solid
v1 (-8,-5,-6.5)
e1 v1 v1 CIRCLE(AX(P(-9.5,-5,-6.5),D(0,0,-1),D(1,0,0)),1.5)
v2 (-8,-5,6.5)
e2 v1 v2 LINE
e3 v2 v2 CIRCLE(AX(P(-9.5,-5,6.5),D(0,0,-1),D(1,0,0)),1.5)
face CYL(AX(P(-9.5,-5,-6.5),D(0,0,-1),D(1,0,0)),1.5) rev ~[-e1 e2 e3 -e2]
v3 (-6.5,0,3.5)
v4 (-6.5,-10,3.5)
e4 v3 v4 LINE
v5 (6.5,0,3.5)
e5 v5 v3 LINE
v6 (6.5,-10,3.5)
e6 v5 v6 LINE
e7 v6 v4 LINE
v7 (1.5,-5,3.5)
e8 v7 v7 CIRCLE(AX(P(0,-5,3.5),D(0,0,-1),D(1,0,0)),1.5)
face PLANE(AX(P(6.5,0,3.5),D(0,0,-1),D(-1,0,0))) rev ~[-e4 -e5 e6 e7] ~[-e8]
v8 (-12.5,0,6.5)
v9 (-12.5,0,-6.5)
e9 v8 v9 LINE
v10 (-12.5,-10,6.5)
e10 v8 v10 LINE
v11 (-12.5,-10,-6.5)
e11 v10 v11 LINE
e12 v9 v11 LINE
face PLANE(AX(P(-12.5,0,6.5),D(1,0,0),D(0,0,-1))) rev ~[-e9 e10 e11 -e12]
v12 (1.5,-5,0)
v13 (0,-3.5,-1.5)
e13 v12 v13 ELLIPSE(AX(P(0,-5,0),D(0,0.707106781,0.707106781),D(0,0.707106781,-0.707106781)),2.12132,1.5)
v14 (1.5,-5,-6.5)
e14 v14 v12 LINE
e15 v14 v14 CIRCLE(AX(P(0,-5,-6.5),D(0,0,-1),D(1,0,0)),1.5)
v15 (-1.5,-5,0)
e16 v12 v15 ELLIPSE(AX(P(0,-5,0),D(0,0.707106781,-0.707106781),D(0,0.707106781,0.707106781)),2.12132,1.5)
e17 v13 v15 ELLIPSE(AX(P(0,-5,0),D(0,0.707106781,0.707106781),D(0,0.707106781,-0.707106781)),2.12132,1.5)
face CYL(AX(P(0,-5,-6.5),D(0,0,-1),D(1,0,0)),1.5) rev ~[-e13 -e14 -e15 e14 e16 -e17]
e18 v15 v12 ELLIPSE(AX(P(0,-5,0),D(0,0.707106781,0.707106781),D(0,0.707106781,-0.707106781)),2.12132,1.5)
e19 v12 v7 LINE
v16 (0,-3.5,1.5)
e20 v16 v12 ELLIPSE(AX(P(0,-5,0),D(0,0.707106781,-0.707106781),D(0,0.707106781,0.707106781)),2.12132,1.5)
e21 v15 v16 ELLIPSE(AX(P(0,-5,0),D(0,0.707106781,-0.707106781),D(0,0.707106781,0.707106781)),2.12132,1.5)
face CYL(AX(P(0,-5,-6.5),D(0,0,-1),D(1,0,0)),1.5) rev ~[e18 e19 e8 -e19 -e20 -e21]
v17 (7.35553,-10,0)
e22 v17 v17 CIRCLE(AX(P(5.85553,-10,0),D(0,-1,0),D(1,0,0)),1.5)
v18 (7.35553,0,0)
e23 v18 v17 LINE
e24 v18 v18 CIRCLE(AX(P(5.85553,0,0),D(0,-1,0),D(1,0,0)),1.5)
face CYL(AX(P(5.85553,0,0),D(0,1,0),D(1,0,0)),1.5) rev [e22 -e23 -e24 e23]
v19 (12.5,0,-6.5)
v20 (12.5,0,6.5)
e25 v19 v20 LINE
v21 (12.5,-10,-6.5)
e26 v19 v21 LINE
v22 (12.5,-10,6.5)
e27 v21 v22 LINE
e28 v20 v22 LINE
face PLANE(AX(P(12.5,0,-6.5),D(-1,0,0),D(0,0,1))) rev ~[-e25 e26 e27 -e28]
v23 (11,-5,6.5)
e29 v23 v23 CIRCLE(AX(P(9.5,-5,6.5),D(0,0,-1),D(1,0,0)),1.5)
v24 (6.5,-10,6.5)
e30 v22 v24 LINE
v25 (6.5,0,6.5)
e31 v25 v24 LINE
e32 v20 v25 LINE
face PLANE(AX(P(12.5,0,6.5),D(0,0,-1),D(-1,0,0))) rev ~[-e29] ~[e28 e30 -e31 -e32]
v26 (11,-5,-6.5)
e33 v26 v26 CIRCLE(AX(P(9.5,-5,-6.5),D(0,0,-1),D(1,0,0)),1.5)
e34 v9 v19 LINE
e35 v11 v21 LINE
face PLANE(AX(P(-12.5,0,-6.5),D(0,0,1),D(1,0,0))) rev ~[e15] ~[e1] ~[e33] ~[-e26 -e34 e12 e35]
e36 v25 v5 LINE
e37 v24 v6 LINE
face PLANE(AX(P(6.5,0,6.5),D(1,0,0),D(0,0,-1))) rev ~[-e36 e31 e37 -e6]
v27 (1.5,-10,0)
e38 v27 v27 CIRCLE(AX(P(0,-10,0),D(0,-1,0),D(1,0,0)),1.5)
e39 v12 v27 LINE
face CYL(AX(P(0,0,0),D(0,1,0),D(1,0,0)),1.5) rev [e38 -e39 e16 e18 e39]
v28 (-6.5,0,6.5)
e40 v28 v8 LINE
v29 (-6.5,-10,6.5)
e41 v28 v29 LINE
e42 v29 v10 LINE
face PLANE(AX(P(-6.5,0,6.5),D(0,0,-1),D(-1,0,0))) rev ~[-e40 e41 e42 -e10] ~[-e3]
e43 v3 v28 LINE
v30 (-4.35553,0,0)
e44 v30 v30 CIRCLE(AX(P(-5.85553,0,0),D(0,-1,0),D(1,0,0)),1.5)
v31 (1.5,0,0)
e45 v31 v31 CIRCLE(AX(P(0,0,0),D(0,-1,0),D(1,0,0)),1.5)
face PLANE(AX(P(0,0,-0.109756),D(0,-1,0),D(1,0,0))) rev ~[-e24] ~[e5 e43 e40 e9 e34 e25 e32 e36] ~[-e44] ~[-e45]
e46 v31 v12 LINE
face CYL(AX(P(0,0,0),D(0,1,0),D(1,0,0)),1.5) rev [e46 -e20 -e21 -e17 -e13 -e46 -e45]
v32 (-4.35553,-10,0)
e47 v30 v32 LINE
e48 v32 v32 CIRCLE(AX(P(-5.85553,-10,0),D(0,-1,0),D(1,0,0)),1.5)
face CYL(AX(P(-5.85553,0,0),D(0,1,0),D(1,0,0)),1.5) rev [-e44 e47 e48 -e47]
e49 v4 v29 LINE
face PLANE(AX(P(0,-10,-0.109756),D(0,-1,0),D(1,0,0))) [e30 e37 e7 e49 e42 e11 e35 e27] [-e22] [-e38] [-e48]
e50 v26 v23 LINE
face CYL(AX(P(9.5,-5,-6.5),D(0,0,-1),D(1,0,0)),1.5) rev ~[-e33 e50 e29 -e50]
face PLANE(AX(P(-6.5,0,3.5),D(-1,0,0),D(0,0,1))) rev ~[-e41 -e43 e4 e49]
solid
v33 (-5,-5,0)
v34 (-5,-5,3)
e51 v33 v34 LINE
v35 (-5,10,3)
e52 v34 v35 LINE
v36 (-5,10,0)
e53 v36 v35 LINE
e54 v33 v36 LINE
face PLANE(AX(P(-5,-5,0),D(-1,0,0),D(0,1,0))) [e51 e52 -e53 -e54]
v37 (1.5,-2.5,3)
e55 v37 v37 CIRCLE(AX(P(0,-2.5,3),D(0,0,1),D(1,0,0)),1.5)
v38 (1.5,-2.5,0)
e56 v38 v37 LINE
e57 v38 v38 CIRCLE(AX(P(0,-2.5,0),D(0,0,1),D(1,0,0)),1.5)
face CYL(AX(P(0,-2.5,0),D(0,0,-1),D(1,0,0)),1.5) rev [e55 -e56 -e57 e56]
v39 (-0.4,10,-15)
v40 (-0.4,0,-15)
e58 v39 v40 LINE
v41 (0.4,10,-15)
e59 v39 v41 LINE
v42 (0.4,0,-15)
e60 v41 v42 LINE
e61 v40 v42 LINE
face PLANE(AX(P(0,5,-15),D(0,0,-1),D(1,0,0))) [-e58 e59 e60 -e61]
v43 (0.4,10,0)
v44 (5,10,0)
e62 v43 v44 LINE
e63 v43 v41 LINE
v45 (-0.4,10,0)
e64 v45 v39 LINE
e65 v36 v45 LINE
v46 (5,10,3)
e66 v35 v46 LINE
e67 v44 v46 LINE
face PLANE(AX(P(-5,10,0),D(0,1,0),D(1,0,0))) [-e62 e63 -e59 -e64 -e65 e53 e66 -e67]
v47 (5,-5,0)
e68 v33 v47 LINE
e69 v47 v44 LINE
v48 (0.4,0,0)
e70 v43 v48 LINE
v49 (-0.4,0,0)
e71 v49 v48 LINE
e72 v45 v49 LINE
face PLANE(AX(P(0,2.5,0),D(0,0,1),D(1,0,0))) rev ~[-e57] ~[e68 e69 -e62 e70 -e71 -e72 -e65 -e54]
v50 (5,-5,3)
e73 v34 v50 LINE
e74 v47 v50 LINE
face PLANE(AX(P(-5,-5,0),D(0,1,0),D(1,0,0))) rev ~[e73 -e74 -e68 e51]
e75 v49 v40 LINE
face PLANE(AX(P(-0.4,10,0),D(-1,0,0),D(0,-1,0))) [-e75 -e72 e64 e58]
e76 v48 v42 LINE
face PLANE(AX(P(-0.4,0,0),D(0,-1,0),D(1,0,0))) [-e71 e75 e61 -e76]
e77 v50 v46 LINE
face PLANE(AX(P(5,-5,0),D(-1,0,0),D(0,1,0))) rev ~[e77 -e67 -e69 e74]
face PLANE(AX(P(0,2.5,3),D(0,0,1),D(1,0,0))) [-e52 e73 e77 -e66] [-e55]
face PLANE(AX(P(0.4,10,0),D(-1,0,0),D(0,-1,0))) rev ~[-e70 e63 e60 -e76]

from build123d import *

# Parameters (mm, degrees)
SKETCH_R     = 1.5
PAD_DEPTH    = 10
SKETCH001_R  = 1.5
POCKET_DEPTH = 13.001
SKETCH002_W  = 10
SKETCH002_H  = 15
SKETCH002_R  = 1.5
PAD001_DEPTH = 3
SKETCH003_W  = 0.8
SKETCH003_H  = 10
PAD002_DEPTH = 15


with BuildPart() as optobarrier_holder:
    # Sketch → Pad (new body)
    with BuildSketch(Plane.XZ):
        Polygon((-12.5, 6.5), (-12.5, -6.5), (12.5, -6.5), (12.5, 6.5), (6.5, 6.5), (6.5, 3.5), (-6.5, 3.5), (-6.5, 6.5), align=None)
        with Locations((-5.85553, 0)):
            Circle(SKETCH_R, mode=Mode.SUBTRACT)
        Circle(SKETCH_R, mode=Mode.SUBTRACT)
        with Locations((5.85553, 0)):
            Circle(SKETCH_R, mode=Mode.SUBTRACT)
    extrude(amount=PAD_DEPTH)

    # Sketch001 (on Face2 of Pad) → Pocket (cut, through all)
    with BuildSketch(Plane(origin=(0, 0, -6.5), x_dir=(1, 0, 0), z_dir=(0, 0, -1))):
        with Locations((-9.5, 5)):
            Circle(SKETCH001_R)
        with Locations((0, 5)):
            Circle(SKETCH001_R)
        with Locations((9.5, 5)):
            Circle(SKETCH001_R)
    extrude(amount=-POCKET_DEPTH, mode=Mode.SUBTRACT)


with BuildPart() as optobarrier_plate:
    # Sketch002 → Pad001 (new body)
    with BuildSketch(Plane.XY):
        with Locations((0, 2.5)):
            Rectangle(SKETCH002_W, SKETCH002_H)
        with Locations((0, -2.5)):
            Circle(SKETCH002_R, mode=Mode.SUBTRACT)
    extrude(amount=PAD001_DEPTH)

    # Sketch003 (on Face6 of Pad001) → Pad002 (join)
    with BuildSketch(Plane(origin=(0, 0, 0), x_dir=(1, 0, 0), z_dir=(0, 0, -1))):
        with Locations((0, -5)):
            Rectangle(SKETCH003_W, SKETCH003_H)
    extrude(amount=PAD002_DEPTH)


solid = Compound([optobarrier_holder.part, optobarrier_plate.part])
